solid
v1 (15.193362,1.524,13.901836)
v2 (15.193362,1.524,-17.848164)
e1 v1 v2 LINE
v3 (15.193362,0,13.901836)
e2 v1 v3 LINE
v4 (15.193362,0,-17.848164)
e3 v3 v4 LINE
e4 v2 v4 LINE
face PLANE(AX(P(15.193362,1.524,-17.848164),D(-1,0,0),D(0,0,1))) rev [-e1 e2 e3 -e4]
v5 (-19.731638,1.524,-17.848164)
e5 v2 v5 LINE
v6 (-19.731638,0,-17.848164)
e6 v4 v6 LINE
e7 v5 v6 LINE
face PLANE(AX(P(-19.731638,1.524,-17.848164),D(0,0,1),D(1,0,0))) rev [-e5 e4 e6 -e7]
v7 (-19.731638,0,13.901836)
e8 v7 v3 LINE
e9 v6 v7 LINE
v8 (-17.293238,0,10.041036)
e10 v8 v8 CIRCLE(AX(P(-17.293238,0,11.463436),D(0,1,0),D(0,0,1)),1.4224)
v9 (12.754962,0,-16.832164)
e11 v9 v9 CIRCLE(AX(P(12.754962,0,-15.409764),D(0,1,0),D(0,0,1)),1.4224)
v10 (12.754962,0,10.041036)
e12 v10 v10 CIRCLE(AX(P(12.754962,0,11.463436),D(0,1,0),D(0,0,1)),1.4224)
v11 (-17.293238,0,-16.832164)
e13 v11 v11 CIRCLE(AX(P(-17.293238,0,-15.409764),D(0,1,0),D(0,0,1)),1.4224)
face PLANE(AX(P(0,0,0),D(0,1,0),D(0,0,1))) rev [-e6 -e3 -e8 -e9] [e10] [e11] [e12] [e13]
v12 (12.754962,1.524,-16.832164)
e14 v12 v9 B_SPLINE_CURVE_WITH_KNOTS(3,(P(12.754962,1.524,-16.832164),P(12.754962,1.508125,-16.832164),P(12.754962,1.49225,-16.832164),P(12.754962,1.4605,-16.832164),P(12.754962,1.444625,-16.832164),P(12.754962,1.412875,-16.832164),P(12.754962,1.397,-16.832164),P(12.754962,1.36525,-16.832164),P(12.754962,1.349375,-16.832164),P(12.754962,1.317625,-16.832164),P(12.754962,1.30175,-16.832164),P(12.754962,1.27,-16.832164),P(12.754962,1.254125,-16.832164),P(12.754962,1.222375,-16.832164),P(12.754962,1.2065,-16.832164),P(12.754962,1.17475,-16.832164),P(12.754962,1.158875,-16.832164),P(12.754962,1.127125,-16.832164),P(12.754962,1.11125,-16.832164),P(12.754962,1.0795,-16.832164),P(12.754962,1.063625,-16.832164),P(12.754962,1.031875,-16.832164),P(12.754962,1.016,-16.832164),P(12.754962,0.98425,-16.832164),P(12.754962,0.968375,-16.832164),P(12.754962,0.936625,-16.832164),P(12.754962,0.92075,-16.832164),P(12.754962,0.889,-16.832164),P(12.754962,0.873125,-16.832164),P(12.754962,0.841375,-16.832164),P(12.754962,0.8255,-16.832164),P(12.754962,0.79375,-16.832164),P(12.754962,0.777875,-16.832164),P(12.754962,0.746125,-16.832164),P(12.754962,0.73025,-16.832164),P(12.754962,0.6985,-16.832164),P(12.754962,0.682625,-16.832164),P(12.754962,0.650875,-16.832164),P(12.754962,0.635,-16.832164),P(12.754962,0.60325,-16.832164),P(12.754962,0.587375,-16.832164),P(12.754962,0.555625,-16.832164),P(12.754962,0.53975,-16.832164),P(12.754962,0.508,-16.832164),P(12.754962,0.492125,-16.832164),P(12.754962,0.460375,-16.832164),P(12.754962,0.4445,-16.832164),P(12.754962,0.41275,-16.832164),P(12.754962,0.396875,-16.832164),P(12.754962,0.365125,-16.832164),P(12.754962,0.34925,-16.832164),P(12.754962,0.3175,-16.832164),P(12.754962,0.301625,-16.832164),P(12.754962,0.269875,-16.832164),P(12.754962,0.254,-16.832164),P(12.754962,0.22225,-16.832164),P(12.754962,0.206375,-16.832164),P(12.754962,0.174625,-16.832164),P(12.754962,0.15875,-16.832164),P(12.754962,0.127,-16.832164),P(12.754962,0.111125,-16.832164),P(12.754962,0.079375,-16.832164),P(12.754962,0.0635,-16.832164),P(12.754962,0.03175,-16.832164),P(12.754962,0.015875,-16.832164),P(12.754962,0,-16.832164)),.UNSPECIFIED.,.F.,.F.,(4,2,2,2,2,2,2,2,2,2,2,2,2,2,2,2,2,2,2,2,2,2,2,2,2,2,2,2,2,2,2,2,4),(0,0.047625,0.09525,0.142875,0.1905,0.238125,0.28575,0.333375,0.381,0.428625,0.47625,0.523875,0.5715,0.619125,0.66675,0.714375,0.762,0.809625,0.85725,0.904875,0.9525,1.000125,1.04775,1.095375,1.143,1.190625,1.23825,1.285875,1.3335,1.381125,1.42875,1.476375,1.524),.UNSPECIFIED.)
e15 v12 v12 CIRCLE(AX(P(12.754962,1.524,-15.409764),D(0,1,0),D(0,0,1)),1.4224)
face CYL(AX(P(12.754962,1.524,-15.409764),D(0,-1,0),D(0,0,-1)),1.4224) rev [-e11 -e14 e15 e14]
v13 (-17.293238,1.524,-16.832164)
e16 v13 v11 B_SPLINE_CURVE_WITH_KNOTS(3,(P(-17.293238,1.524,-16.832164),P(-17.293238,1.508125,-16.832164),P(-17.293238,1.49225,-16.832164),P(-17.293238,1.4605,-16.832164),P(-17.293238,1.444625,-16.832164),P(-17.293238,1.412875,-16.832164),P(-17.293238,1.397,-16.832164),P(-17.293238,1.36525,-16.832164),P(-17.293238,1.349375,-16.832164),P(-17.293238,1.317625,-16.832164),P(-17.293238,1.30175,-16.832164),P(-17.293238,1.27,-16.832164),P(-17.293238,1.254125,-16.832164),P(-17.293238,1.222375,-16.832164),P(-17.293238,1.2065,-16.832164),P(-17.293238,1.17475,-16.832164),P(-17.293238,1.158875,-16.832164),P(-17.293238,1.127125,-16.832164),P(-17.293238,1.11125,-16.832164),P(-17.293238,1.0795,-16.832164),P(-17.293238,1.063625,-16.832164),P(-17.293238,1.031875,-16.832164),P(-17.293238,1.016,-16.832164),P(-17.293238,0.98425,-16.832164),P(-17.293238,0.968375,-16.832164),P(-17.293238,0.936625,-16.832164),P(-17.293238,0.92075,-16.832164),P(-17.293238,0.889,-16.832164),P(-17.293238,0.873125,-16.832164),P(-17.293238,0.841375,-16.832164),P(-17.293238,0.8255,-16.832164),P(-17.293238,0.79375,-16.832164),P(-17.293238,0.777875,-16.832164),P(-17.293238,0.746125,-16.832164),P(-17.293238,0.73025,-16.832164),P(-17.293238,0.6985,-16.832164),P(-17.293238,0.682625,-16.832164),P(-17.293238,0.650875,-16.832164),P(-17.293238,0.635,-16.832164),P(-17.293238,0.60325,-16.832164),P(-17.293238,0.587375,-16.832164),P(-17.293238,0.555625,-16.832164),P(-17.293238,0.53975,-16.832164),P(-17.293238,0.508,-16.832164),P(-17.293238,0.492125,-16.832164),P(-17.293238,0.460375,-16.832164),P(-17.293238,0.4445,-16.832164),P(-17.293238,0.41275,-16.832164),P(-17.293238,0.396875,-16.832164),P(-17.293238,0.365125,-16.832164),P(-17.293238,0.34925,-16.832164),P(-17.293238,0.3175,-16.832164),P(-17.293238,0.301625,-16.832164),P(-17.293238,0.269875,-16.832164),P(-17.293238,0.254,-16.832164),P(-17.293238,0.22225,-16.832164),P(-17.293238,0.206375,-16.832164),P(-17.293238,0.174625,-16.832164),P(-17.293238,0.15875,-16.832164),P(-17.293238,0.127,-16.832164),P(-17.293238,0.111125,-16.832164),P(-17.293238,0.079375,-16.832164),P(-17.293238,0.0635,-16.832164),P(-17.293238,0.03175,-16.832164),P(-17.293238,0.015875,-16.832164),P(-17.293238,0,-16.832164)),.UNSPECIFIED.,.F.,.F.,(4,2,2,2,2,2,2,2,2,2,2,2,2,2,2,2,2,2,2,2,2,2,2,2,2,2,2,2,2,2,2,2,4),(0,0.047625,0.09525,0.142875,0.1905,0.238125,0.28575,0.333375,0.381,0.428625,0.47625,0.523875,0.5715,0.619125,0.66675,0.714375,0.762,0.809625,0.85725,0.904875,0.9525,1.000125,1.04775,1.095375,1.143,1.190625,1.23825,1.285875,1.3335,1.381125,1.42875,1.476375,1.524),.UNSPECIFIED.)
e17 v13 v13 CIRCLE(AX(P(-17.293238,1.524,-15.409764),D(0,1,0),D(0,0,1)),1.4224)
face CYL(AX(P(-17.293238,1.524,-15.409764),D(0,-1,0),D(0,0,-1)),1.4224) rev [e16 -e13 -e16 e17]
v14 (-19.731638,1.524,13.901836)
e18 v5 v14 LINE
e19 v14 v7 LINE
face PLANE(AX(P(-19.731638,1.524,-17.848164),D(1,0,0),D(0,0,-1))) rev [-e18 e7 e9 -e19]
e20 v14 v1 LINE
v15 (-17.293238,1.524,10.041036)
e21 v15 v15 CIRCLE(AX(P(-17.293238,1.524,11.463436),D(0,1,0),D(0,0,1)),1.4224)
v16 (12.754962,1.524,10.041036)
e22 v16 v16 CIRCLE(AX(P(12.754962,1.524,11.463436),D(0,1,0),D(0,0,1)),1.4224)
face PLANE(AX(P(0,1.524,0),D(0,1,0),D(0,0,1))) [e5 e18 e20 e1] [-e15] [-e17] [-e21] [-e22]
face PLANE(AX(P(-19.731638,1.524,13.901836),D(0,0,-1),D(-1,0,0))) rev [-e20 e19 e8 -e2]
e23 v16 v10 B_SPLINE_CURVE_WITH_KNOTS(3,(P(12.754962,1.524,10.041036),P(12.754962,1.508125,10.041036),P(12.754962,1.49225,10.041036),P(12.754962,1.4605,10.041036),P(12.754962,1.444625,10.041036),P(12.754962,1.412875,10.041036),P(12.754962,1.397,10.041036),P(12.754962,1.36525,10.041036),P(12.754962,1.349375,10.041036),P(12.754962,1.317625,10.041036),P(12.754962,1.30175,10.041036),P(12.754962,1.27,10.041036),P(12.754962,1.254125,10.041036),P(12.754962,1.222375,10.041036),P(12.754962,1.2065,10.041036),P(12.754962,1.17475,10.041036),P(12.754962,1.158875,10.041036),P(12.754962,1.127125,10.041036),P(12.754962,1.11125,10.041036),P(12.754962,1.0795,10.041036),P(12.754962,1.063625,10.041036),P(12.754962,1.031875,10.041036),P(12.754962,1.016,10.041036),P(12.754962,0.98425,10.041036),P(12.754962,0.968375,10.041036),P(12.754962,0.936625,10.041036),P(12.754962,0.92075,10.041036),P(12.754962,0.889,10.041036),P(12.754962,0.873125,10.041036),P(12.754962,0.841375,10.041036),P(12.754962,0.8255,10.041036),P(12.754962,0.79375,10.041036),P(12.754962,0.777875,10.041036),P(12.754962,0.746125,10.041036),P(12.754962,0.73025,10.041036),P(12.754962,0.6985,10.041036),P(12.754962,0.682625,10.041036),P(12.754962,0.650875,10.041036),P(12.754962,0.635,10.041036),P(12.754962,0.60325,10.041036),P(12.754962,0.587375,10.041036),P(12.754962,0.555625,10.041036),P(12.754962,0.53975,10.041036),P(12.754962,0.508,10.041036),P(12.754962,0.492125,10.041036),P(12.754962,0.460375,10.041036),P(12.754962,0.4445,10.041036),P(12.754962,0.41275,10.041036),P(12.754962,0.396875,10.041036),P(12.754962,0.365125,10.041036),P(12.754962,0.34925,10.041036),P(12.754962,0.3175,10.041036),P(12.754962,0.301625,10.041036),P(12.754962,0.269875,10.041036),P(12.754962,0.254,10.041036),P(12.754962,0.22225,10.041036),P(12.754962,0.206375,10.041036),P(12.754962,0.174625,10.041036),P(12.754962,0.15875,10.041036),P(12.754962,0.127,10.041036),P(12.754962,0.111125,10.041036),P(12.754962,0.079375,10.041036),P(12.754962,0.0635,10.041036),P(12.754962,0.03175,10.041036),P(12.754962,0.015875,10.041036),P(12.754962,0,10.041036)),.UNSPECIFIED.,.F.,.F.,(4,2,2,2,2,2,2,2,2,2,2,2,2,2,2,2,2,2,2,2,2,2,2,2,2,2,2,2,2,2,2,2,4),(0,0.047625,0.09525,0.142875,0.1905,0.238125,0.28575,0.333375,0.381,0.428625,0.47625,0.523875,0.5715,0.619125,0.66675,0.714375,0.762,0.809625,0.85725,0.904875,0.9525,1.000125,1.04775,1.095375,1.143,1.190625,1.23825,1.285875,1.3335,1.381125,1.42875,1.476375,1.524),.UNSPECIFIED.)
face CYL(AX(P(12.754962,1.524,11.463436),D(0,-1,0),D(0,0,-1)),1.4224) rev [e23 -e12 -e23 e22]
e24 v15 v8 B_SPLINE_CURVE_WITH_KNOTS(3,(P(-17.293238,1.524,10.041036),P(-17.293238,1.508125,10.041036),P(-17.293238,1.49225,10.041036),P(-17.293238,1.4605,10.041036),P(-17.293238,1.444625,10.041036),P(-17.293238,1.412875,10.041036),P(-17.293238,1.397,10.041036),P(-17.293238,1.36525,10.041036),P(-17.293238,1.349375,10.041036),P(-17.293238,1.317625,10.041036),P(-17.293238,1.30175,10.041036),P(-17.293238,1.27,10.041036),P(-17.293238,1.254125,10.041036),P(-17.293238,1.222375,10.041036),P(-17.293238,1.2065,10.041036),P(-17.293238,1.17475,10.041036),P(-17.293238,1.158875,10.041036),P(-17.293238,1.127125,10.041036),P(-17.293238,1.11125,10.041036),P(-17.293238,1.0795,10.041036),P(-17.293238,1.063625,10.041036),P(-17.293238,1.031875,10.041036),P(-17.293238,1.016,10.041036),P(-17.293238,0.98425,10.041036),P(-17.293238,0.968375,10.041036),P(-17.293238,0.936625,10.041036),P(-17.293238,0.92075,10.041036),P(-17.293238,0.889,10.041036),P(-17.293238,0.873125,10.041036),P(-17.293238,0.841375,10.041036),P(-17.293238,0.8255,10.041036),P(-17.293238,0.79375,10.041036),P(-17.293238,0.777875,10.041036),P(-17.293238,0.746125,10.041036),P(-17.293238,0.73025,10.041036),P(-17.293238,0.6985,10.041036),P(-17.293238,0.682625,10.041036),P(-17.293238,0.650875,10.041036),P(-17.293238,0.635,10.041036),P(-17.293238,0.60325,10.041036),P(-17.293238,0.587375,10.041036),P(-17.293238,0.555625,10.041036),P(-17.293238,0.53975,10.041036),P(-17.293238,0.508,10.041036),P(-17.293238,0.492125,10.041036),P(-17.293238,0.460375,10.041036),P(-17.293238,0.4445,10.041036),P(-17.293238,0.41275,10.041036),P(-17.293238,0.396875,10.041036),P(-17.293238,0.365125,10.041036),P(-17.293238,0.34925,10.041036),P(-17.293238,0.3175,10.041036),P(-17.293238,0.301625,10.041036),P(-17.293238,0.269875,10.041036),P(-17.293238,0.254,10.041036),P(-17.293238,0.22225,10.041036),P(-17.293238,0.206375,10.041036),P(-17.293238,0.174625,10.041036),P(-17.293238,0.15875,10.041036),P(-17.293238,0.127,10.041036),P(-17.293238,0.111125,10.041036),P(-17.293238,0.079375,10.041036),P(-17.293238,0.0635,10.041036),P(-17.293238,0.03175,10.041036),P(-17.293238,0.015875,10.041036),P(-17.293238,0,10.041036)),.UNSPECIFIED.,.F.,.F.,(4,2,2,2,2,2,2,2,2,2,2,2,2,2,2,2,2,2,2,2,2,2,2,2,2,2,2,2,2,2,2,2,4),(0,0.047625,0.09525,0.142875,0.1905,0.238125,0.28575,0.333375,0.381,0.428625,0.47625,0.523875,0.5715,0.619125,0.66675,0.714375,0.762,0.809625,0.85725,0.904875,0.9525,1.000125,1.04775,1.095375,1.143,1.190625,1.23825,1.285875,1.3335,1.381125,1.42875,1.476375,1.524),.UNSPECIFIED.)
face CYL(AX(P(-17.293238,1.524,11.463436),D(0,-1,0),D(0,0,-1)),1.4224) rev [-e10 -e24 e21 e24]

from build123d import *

# Parameters (mm, degrees)
SKETCH1_W           = 34.925
SKETCH1_H           = 31.75
SKETCH1_R           = 1.4224
BOSS_EXTRUDE1_DEPTH = 1.524


with BuildPart() as part:
    # Sketch1 → Boss-Extrude1 (new body)
    with BuildSketch(Plane(origin=(0, 0, 0), x_dir=(1, 0, 0), z_dir=(0, 1, 0))):
        with Locations((-2.269138418, 1.973163842)):
            Rectangle(SKETCH1_W, SKETCH1_H)
        with Locations(Location((-17.293238418, 15.409763842, 0), (0, 0, 90))):
            Circle(SKETCH1_R, mode=Mode.SUBTRACT)
        with Locations(Location((12.754961582, 15.409763842, 0), (0, 0, 90))):
            Circle(SKETCH1_R, mode=Mode.SUBTRACT)
        with Locations(Location((12.754961582, -11.463436158, 0), (0, 0, 90))):
            Circle(SKETCH1_R, mode=Mode.SUBTRACT)
        with Locations(Location((-17.293238418, -11.463436158, 0), (0, 0, 90))):
            Circle(SKETCH1_R, mode=Mode.SUBTRACT)
    extrude(amount=BOSS_EXTRUDE1_DEPTH)


solid = part.part
